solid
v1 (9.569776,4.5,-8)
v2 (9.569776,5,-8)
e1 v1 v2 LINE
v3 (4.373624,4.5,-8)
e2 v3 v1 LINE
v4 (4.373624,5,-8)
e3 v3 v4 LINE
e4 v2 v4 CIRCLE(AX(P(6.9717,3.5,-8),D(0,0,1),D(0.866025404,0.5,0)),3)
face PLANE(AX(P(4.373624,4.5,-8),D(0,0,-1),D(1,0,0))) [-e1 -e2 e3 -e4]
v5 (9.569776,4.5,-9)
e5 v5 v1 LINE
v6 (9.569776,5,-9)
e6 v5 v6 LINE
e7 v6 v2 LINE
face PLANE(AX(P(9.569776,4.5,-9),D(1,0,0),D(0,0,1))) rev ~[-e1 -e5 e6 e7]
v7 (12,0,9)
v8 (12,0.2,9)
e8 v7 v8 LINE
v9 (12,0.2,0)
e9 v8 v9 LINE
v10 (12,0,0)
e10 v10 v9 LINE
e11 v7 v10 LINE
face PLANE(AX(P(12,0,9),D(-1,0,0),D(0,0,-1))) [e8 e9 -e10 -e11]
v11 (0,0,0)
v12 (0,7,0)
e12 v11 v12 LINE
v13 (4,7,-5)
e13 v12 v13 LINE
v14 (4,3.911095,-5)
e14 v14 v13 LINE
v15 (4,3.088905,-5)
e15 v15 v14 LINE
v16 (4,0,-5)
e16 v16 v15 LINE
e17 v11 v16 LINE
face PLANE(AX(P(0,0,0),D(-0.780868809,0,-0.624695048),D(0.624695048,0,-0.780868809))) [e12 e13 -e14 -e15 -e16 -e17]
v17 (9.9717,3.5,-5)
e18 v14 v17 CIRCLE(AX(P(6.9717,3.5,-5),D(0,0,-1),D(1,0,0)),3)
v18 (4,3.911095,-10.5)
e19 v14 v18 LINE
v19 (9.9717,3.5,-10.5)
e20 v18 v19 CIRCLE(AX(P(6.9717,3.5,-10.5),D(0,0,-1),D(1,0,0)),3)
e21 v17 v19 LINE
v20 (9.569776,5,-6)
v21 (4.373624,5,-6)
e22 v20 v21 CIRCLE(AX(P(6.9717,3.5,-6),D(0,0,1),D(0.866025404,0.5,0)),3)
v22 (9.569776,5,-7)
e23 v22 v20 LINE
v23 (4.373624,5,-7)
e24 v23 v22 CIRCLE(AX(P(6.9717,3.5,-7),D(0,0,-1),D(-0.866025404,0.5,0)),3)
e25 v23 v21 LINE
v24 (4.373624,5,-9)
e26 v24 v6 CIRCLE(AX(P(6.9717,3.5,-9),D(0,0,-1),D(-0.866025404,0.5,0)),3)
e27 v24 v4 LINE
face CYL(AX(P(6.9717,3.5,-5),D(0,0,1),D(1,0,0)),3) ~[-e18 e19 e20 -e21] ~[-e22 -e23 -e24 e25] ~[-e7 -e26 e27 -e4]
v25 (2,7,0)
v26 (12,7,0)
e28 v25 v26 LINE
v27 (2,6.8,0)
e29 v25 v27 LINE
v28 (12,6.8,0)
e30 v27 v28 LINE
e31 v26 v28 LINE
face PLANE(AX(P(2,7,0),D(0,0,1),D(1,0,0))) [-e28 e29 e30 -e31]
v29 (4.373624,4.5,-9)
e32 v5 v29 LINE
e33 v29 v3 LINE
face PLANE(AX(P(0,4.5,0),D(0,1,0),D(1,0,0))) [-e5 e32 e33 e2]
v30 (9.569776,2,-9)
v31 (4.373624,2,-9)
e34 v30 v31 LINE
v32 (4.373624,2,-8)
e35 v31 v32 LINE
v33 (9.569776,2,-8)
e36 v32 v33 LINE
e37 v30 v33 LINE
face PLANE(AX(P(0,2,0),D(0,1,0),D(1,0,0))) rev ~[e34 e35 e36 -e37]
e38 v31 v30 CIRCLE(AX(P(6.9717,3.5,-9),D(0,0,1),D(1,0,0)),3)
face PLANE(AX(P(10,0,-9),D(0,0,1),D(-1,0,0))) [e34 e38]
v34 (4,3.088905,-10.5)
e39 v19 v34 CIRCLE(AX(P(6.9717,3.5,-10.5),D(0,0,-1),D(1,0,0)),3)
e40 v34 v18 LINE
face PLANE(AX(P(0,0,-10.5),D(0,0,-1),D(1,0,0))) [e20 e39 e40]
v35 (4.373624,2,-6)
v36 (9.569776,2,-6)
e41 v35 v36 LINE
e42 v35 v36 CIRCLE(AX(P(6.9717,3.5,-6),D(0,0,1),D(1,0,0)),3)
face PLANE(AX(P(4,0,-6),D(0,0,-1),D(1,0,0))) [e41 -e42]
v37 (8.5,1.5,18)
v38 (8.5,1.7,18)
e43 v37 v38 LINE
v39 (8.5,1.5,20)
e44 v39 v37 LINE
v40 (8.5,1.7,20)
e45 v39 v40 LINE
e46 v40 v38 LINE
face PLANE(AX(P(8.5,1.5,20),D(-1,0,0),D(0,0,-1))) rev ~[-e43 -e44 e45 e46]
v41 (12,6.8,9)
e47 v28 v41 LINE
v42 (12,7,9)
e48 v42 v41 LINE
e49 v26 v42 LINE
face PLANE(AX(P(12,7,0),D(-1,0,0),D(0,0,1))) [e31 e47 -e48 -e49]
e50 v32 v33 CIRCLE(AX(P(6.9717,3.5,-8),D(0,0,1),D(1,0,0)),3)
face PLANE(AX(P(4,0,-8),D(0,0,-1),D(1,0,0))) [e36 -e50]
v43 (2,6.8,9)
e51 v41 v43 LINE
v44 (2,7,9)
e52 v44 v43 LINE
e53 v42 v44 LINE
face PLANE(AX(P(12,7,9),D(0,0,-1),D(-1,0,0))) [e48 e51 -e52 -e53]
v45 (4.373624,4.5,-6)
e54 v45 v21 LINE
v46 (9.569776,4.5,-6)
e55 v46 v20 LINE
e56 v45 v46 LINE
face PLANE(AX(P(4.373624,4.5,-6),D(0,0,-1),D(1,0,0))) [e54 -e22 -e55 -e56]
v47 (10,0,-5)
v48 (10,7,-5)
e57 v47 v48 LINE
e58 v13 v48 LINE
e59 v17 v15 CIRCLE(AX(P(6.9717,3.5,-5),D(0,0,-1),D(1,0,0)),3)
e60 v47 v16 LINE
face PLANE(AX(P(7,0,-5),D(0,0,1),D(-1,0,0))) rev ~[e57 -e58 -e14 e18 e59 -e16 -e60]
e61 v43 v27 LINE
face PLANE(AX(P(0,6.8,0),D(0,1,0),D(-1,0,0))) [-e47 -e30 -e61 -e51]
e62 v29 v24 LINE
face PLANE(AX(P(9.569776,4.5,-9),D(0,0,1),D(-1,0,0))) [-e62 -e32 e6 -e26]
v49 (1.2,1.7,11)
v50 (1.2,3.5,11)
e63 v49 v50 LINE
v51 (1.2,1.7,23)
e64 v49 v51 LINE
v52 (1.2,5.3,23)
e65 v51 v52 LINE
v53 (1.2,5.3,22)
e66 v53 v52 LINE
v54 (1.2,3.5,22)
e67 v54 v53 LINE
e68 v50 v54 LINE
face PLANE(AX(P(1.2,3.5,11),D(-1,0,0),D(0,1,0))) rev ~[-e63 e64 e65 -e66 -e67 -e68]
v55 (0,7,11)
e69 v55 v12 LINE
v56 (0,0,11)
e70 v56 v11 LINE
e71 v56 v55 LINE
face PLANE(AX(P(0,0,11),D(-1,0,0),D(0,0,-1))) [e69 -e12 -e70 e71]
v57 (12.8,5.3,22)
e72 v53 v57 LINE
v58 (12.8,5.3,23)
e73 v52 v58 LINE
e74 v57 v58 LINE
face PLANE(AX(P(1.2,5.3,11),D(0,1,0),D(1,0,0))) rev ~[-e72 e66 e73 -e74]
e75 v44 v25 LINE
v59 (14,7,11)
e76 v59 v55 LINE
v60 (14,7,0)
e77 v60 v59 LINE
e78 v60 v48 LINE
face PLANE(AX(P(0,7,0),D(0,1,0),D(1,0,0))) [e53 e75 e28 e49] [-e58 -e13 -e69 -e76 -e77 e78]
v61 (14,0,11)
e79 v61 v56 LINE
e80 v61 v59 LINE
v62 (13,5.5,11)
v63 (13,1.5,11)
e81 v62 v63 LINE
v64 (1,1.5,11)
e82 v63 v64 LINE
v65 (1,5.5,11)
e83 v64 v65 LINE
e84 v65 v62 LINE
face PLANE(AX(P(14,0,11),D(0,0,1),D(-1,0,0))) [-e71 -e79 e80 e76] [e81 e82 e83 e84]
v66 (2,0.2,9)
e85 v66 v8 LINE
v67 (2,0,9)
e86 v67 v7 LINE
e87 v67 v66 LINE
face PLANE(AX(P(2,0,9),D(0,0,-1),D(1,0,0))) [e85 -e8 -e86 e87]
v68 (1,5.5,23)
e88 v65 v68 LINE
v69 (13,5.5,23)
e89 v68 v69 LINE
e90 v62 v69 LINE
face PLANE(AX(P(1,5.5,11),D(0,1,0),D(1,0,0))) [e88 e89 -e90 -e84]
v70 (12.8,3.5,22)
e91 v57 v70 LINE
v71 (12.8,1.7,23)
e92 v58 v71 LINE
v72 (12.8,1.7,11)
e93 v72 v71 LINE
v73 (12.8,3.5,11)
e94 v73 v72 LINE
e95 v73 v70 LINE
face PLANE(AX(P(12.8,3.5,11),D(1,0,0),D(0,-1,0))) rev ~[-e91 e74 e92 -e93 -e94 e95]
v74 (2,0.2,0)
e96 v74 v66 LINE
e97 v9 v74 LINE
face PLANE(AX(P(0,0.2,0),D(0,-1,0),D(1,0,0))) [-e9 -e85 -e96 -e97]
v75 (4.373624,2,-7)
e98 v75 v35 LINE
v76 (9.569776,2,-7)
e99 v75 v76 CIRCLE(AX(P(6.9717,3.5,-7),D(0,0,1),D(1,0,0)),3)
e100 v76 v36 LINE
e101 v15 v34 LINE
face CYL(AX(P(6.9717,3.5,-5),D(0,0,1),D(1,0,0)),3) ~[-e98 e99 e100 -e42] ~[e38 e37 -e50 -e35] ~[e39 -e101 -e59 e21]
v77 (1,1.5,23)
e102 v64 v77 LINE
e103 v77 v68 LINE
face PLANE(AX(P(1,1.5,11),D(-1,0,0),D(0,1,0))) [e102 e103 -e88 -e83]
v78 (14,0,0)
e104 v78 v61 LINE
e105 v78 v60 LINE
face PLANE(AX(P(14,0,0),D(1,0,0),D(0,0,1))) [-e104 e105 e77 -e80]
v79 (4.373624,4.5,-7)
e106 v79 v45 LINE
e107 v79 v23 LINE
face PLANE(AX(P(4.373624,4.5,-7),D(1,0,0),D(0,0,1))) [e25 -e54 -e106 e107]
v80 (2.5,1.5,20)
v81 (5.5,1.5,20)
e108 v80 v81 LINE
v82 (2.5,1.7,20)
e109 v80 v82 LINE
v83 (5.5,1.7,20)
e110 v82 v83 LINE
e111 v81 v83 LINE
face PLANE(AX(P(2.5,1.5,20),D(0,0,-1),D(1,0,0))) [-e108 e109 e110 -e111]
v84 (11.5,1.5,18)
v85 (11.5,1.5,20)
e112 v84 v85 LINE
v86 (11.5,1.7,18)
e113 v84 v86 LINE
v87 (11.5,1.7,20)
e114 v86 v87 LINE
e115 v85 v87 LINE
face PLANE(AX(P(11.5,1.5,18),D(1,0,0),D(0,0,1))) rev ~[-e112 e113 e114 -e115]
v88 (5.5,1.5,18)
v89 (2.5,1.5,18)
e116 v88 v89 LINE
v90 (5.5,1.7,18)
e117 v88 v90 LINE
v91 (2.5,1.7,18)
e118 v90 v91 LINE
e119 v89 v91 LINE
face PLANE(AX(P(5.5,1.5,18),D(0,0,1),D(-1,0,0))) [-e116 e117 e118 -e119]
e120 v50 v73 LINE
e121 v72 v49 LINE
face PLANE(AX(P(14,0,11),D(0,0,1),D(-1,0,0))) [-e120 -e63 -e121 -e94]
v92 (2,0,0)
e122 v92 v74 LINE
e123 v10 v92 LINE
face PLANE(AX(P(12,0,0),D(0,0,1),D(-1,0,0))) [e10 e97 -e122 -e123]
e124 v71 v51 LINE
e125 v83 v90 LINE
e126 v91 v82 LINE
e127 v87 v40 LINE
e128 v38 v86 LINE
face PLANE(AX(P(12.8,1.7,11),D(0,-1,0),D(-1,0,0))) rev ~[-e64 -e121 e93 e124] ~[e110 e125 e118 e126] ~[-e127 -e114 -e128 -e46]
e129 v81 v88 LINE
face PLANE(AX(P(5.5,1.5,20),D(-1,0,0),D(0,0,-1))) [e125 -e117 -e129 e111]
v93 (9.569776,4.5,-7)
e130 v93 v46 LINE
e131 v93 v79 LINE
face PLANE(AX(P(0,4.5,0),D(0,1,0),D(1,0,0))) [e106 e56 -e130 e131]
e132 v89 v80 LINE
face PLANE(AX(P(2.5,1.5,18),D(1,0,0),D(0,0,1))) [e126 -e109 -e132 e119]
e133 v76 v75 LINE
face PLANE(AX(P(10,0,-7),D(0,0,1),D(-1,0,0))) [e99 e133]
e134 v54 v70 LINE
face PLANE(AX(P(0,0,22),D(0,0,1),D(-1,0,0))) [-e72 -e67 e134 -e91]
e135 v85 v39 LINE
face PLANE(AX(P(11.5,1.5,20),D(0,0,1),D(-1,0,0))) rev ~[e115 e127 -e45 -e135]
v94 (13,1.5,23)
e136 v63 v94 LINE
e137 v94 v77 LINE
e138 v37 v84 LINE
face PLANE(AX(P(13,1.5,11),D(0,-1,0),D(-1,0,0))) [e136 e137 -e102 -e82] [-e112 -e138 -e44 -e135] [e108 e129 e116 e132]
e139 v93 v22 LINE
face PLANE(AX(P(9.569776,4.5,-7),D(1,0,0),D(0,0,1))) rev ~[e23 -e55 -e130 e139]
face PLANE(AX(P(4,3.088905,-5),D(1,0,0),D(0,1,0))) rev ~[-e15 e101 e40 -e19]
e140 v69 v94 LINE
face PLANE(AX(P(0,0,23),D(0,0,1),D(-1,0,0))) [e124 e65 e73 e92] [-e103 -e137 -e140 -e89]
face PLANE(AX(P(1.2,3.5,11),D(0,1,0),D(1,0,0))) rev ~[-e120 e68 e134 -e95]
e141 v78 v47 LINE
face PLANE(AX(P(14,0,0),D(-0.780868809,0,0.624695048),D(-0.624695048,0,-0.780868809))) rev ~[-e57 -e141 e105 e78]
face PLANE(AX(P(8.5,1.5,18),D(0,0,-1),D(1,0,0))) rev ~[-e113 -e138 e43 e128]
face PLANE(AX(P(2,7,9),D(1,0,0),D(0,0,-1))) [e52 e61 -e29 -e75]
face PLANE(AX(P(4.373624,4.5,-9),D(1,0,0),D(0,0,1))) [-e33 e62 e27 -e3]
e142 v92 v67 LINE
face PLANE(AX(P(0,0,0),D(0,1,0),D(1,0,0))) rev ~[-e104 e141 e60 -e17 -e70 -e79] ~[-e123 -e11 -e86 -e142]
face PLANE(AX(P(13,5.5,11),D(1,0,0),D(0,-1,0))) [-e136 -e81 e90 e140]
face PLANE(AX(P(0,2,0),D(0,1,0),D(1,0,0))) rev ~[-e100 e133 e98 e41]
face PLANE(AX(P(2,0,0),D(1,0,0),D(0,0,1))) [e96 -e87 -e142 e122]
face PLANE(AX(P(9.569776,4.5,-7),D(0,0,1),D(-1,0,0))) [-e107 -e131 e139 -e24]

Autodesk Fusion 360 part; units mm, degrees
sketch "草图1" plane through (0, 0, 0) normal (0, 1, 0) x (1, 0, 0)
  line L0 (0, 0) -> (14, 0)
  line L1 (14, 0) -> (14, -11)
  line L2 (14, -11) -> (0, -11)
  line L3 (0, -11) -> (0, 0)
  line L4 (7, -11) -> (7, 8) construction
  line L5 (7, 5) -> (10, 5)
  line L6 (7, 5) -> (4, 5)
  line L7 (0, 0) -> (4, 5)
  line L8 (14, 0) -> (10, 5)
  dimension "d1" = 14
  dimension "d2" = 11
  dimension "d3" = 3
  dimension "d4" = 3
  dimension "d5" = 5
extrude "拉伸1" add sketch "草图1" along normal blind 7
sketch "草图2" plane through (0, 0, 11) normal (0, 0, 1) x (-1, 0, 0)
  line L0 (0, 0) -> (-14, 0)
  line L1 (-14, 0) -> (-14, -7)
  line L2 (-14, -7) -> (0, -7)
  line L3 (0, -7) -> (0, 0)
  line L4 (-1, -5.5) -> (-13, -5.5)
  line L5 (-13, -5.5) -> (-13, -1.5)
  line L6 (-13, -1.5) -> (-1, -1.5)
  line L7 (-1, -1.5) -> (-1, -5.5)
  line L8 (-1.2, -1.7) -> (-1.2, -5.3)
  line L9 (-1.2, -5.3) -> (-12.8, -5.3)
  line L10 (-12.8, -5.3) -> (-12.8, -1.7)
  line L11 (-12.8, -1.7) -> (-1.2, -1.7)
  line L12 (-1.2, -3.5) -> (-12.8, -3.5)
  dimension "d8" = 12
  dimension "d9" = 4
  dimension "d10" = 1.5
  dimension "d11" = 1
  dimension "d12" = 0.2
extrude "拉伸2" add sketch "草图2" along normal blind 12 contours L4 L5 L6 L7
extrude "拉伸3" add sketch "草图2" along normal blind 11 contours L8 L9 L10 L12
sketch "草图3" plane through (0, 0, 0) normal (0, -1, 0) x (1, 0, 0)
  line L0 (14, 0) -> (14, 11)
  line L1 (14, 11) -> (0, 11)
  line L2 (0, 11) -> (0, 0)
  line L3 (0, 0) -> (4, -5)
  line L4 (4, -5) -> (10, -5)
  line L5 (10, -5) -> (14, 0)
  line L6 (2, 9) -> (12, 9)
  line L7 (12, 9) -> (12, 0)
  line L8 (12, 0) -> (2, 0)
  line L9 (2, 0) -> (2, 9)
extrude "拉伸4" cut sketch "草图3" against normal blind 0.2 contours L6 L7 L8 L9
sketch "草图4" plane through (0, 7, 0) normal (0, 1, 0) x (-1, 0, 0)
  line L0 (-14, 11) -> (-14, 0)
  line L1 (-14, 0) -> (-10, -5)
  line L2 (-10, -5) -> (-4, -5)
  line L3 (-4, -5) -> (0, 0)
  line L4 (0, 0) -> (0, 11)
  line L5 (0, 11) -> (-14, 11)
  line L6 (-12, 9) -> (-2, 9)
  line L7 (-2, 9) -> (-2, 0)
  line L8 (-2, 0) -> (-12, 0)
  line L9 (-12, 0) -> (-12, 9)
extrude "拉伸5" cut sketch "草图4" against normal blind 0.2 contours L6 L7 L8 L9
sketch "草图5" plane through (0, 1.5, 0) normal (0, -1, 0) x (1, 0, 0)
  line L0 (1, 11) -> (13, 11)
  line L1 (13, 11) -> (13, 23)
  line L2 (13, 23) -> (1, 23)
  line L3 (1, 23) -> (1, 11)
  line L4 (7, 11) -> (7, 23) construction
  line L5 (2.5, 20) -> (5.5, 20)
  line L6 (5.5, 20) -> (5.5, 18)
  line L7 (5.5, 18) -> (2.5, 18)
  line L8 (2.5, 18) -> (2.5, 20)
  line L9 (11.5, 20) -> (8.5, 20)
  line L10 (11.5, 18) -> (11.5, 20)
  line L11 (8.5, 18) -> (11.5, 18)
  line L12 (8.5, 20) -> (8.5, 18)
  dimension "d21" = 1.5
extrude "拉伸6" cut sketch "草图5" against normal up to surface (0.2 mm away) contours L5 L6 L7 L8 | L9 L10 L11 L12
sketch "草图6" plane through (0, 0, -5) normal (0, 0, -1) x (1, 0, 0)
  line L0 (10, 0) -> (4, 0)
  line L1 (4, 0) -> (4, -7)
  line L2 (4, -7) -> (10, -7)
  line L3 (10, -7) -> (10, 0)
  circle A0 centre (6.9717, -3.5) radius 3
  dimension "d24" = 6
extrude "拉伸7" add sketch "草图6" along normal blind 5.5 contours L1 A0 picked at (7.5942, -2.8884)
sketch "草图7" plane through (0, 0, 0) normal (0, 1, 0) x (1, 0, 0)
  line L0 (4, 6) -> (10, 6)
  line L1 (10, 6) -> (10, 7)
  line L2 (10, 7) -> (4, 7)
  line L3 (4, 7) -> (4, 6)
  line L4 (4, 8) -> (10, 8)
  line L5 (10, 8) -> (10, 9)
  line L6 (10, 9) -> (4, 9)
  line L7 (4, 9) -> (4, 8)
extrude "拉伸8" cut sketch "草图7" along normal blind 2
extrude "拉伸9" cut 2 faces at (6.1056, 2, -6.3333) (6.1056, 2, -8.3333) along direction (0, 1, 0) blind 2 from surface at 2.5
